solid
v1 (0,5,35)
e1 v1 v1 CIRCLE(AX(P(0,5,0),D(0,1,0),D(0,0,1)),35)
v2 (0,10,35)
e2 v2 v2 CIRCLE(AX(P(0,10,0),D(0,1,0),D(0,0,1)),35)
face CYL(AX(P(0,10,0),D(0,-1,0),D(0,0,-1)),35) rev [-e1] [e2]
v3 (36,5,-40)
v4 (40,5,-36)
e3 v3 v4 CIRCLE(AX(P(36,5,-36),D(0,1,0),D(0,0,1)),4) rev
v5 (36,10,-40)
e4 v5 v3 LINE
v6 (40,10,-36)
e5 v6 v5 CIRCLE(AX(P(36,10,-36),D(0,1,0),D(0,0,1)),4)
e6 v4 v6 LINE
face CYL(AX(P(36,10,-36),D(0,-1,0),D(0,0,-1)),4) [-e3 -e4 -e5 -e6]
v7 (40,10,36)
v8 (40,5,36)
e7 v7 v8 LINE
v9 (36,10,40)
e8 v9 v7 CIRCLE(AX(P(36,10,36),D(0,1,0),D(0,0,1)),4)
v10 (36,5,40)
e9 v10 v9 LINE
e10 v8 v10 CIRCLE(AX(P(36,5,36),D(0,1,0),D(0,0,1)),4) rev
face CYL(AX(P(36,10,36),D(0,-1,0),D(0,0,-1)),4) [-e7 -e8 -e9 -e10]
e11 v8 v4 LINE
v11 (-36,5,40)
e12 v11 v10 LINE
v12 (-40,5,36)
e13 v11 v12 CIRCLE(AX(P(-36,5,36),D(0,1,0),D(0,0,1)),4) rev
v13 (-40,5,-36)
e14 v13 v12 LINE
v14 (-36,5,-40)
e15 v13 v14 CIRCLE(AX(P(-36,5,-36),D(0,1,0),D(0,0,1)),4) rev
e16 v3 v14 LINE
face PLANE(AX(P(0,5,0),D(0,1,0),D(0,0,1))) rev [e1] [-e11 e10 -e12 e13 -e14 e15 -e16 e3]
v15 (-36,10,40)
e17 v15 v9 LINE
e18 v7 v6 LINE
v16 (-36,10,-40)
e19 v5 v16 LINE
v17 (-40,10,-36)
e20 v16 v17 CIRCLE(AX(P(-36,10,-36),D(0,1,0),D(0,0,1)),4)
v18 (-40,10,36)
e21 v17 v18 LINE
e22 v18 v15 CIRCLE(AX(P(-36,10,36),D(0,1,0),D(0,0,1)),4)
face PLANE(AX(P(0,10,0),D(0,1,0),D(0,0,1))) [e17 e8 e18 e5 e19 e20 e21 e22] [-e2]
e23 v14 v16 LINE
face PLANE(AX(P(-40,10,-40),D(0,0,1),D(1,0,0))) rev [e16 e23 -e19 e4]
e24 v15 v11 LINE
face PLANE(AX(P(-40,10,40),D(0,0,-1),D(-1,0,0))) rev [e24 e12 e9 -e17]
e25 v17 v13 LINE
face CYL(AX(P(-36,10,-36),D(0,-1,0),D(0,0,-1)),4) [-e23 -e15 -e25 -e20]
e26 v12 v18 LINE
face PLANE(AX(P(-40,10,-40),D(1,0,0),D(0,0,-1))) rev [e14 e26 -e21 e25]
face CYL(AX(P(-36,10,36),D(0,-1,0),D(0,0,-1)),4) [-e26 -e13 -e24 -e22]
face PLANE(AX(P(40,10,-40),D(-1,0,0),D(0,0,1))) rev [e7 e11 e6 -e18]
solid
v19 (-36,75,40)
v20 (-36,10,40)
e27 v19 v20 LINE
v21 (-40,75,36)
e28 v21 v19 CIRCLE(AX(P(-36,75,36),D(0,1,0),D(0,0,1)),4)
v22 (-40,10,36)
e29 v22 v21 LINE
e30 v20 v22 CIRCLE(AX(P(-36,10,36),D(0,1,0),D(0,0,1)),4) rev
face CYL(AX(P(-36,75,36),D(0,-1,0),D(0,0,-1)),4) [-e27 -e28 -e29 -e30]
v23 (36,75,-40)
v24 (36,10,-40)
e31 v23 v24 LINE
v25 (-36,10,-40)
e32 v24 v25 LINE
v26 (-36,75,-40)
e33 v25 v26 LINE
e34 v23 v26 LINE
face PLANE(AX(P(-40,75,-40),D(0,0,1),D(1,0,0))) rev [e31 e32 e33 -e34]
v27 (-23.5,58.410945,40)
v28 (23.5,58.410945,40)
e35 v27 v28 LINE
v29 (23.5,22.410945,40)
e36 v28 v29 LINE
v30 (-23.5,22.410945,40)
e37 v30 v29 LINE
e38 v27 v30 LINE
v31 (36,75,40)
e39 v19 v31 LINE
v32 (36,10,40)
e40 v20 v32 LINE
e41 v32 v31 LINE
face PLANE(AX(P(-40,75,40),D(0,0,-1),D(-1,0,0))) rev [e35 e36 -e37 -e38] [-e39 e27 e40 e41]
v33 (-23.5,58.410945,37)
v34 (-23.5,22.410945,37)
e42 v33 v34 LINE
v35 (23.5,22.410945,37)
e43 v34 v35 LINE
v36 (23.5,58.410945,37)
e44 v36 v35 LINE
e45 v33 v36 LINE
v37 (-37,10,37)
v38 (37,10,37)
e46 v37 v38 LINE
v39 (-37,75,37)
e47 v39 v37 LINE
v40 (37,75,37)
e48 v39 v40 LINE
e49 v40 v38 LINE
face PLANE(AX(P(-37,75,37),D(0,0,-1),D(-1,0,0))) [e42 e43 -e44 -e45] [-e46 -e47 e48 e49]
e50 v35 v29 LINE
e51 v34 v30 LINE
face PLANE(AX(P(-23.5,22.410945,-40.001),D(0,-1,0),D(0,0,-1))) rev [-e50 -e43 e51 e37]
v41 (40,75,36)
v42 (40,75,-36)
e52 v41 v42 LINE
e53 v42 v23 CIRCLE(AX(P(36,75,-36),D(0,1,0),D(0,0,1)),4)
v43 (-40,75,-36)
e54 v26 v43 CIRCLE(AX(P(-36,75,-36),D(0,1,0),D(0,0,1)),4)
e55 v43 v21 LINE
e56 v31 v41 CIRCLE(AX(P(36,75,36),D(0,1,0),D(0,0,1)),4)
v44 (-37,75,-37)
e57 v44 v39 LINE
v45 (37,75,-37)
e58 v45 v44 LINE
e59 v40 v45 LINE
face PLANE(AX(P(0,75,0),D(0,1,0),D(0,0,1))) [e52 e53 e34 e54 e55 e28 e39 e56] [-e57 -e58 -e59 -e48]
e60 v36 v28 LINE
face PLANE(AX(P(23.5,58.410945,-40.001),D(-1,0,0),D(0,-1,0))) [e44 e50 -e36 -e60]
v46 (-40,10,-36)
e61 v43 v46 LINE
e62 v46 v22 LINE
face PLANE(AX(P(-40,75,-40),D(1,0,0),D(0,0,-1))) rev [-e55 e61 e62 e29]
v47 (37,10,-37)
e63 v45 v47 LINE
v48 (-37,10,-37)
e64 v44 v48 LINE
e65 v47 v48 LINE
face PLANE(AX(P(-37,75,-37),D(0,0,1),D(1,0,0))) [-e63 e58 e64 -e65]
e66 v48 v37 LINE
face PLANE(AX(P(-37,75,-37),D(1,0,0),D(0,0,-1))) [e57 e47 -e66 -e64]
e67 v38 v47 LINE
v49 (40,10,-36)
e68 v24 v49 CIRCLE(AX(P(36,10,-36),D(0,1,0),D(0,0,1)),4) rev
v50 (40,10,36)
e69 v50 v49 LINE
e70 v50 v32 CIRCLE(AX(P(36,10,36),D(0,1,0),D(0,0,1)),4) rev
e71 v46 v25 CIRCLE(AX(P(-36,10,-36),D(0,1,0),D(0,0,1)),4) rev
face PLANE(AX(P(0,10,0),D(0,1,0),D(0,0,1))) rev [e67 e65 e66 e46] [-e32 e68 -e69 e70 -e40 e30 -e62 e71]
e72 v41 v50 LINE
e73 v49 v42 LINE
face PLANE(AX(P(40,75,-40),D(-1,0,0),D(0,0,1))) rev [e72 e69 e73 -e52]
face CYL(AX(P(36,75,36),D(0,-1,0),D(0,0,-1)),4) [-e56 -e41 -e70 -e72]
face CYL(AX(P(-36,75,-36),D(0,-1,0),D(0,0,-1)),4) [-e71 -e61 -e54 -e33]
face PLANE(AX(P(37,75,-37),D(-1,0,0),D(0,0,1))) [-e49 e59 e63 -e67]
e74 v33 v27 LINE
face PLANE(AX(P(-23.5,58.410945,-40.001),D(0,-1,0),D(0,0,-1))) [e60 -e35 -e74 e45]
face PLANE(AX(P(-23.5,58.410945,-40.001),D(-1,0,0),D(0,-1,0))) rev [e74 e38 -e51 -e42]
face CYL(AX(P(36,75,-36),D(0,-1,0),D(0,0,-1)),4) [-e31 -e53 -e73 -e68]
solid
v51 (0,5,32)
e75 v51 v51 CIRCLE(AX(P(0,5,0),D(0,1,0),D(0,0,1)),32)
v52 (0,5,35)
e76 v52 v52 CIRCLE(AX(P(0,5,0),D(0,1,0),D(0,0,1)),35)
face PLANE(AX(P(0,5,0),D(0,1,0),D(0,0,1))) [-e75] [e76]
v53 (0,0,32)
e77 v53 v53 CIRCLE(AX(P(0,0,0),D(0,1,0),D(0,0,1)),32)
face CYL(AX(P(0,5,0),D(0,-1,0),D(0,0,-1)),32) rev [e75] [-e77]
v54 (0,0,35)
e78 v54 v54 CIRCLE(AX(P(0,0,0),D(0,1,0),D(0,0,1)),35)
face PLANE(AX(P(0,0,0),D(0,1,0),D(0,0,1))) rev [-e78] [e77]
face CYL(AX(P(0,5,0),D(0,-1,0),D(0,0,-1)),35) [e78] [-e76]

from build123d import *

# Parameters (mm, degrees)
SKETCH1_R           = 35
SKETCH1_R_2         = 32
BOSS_EXTRUDE1_DEPTH = 5
SKETCH2_W           = 80
SKETCH2_H           = 80
SKETCH2_R           = 35
BOSS_EXTRUDE3_DEPTH = 5
SKETCH9_W           = 80
SKETCH9_H           = 80
SKETCH9_W_2         = 74
SKETCH9_H_2         = 74
BOSS_EXTRUDE4_DEPTH = 65
SKETCH11_W          = 47
SKETCH11_H          = 36
CUT_EXTRUDE2_DEPTH  = 3
FILLET1_R           = 4
FILLET2_R           = 4


with BuildPart() as part:
    # Sketch1 → Boss-Extrude1 (new body)
    with BuildSketch(Plane(origin=(0, 0, 0), x_dir=(1, 0, 0), z_dir=(0, 1, 0))):
        with Locations(Location((0, 0, 0), (0, 0, 270))):
            Circle(SKETCH1_R)
        with Locations(Location((0, 0, 0), (0, 0, 270))):
            Circle(SKETCH1_R_2, mode=Mode.SUBTRACT)
    extrude(amount=BOSS_EXTRUDE1_DEPTH)


with BuildPart() as body_2:
    # Sketch2 → Boss-Extrude3 (new body)
    with BuildSketch(Plane(origin=(0, 5, 0), x_dir=(1, 0, 0), z_dir=(0, 1, 0))):
        Rectangle(SKETCH2_W, SKETCH2_H)
        with Locations(Location((0, 0, 0), (0, 0, 270))):
            Circle(SKETCH2_R, mode=Mode.SUBTRACT)
    extrude(amount=BOSS_EXTRUDE3_DEPTH)

    # Fillet1
    fillet1_edges = [body_2.edges().sort_by_distance(p)[0] for p in [
        (40, 7.5, 40),
        (-40, 7.5, 40),
        (-40, 7.5, -40),
        (40, 7.5, -40),
    ]]
    fillet(fillet1_edges, radius=FILLET1_R)


with BuildPart() as body_3:
    # Sketch9 → Boss-Extrude4 (new body)
    with BuildSketch(Plane(origin=(0, 10, 0), x_dir=(1, 0, 0), z_dir=(0, 1, 0))):
        Rectangle(SKETCH9_W, SKETCH9_H)
        Rectangle(SKETCH9_W_2, SKETCH9_H_2, mode=Mode.SUBTRACT)
    extrude(amount=BOSS_EXTRUDE4_DEPTH)

    # Sketch11 → Cut-Extrude2 (cut)
    with BuildSketch(Plane.XY.offset(40)):
        with Locations((0, 40.410944599)):
            Rectangle(SKETCH11_W, SKETCH11_H)
    extrude(amount=-CUT_EXTRUDE2_DEPTH, mode=Mode.SUBTRACT)

    # Fillet2
    fillet2_edges = [body_3.edges().sort_by_distance(p)[0] for p in [
        (-40, 42.5, -40),
        (40, 42.5, -40),
        (40, 42.5, 40),
        (-40, 42.5, 40),
    ]]
    fillet(fillet2_edges, radius=FILLET2_R)


solid = Compound([part.part, body_2.part, body_3.part])
